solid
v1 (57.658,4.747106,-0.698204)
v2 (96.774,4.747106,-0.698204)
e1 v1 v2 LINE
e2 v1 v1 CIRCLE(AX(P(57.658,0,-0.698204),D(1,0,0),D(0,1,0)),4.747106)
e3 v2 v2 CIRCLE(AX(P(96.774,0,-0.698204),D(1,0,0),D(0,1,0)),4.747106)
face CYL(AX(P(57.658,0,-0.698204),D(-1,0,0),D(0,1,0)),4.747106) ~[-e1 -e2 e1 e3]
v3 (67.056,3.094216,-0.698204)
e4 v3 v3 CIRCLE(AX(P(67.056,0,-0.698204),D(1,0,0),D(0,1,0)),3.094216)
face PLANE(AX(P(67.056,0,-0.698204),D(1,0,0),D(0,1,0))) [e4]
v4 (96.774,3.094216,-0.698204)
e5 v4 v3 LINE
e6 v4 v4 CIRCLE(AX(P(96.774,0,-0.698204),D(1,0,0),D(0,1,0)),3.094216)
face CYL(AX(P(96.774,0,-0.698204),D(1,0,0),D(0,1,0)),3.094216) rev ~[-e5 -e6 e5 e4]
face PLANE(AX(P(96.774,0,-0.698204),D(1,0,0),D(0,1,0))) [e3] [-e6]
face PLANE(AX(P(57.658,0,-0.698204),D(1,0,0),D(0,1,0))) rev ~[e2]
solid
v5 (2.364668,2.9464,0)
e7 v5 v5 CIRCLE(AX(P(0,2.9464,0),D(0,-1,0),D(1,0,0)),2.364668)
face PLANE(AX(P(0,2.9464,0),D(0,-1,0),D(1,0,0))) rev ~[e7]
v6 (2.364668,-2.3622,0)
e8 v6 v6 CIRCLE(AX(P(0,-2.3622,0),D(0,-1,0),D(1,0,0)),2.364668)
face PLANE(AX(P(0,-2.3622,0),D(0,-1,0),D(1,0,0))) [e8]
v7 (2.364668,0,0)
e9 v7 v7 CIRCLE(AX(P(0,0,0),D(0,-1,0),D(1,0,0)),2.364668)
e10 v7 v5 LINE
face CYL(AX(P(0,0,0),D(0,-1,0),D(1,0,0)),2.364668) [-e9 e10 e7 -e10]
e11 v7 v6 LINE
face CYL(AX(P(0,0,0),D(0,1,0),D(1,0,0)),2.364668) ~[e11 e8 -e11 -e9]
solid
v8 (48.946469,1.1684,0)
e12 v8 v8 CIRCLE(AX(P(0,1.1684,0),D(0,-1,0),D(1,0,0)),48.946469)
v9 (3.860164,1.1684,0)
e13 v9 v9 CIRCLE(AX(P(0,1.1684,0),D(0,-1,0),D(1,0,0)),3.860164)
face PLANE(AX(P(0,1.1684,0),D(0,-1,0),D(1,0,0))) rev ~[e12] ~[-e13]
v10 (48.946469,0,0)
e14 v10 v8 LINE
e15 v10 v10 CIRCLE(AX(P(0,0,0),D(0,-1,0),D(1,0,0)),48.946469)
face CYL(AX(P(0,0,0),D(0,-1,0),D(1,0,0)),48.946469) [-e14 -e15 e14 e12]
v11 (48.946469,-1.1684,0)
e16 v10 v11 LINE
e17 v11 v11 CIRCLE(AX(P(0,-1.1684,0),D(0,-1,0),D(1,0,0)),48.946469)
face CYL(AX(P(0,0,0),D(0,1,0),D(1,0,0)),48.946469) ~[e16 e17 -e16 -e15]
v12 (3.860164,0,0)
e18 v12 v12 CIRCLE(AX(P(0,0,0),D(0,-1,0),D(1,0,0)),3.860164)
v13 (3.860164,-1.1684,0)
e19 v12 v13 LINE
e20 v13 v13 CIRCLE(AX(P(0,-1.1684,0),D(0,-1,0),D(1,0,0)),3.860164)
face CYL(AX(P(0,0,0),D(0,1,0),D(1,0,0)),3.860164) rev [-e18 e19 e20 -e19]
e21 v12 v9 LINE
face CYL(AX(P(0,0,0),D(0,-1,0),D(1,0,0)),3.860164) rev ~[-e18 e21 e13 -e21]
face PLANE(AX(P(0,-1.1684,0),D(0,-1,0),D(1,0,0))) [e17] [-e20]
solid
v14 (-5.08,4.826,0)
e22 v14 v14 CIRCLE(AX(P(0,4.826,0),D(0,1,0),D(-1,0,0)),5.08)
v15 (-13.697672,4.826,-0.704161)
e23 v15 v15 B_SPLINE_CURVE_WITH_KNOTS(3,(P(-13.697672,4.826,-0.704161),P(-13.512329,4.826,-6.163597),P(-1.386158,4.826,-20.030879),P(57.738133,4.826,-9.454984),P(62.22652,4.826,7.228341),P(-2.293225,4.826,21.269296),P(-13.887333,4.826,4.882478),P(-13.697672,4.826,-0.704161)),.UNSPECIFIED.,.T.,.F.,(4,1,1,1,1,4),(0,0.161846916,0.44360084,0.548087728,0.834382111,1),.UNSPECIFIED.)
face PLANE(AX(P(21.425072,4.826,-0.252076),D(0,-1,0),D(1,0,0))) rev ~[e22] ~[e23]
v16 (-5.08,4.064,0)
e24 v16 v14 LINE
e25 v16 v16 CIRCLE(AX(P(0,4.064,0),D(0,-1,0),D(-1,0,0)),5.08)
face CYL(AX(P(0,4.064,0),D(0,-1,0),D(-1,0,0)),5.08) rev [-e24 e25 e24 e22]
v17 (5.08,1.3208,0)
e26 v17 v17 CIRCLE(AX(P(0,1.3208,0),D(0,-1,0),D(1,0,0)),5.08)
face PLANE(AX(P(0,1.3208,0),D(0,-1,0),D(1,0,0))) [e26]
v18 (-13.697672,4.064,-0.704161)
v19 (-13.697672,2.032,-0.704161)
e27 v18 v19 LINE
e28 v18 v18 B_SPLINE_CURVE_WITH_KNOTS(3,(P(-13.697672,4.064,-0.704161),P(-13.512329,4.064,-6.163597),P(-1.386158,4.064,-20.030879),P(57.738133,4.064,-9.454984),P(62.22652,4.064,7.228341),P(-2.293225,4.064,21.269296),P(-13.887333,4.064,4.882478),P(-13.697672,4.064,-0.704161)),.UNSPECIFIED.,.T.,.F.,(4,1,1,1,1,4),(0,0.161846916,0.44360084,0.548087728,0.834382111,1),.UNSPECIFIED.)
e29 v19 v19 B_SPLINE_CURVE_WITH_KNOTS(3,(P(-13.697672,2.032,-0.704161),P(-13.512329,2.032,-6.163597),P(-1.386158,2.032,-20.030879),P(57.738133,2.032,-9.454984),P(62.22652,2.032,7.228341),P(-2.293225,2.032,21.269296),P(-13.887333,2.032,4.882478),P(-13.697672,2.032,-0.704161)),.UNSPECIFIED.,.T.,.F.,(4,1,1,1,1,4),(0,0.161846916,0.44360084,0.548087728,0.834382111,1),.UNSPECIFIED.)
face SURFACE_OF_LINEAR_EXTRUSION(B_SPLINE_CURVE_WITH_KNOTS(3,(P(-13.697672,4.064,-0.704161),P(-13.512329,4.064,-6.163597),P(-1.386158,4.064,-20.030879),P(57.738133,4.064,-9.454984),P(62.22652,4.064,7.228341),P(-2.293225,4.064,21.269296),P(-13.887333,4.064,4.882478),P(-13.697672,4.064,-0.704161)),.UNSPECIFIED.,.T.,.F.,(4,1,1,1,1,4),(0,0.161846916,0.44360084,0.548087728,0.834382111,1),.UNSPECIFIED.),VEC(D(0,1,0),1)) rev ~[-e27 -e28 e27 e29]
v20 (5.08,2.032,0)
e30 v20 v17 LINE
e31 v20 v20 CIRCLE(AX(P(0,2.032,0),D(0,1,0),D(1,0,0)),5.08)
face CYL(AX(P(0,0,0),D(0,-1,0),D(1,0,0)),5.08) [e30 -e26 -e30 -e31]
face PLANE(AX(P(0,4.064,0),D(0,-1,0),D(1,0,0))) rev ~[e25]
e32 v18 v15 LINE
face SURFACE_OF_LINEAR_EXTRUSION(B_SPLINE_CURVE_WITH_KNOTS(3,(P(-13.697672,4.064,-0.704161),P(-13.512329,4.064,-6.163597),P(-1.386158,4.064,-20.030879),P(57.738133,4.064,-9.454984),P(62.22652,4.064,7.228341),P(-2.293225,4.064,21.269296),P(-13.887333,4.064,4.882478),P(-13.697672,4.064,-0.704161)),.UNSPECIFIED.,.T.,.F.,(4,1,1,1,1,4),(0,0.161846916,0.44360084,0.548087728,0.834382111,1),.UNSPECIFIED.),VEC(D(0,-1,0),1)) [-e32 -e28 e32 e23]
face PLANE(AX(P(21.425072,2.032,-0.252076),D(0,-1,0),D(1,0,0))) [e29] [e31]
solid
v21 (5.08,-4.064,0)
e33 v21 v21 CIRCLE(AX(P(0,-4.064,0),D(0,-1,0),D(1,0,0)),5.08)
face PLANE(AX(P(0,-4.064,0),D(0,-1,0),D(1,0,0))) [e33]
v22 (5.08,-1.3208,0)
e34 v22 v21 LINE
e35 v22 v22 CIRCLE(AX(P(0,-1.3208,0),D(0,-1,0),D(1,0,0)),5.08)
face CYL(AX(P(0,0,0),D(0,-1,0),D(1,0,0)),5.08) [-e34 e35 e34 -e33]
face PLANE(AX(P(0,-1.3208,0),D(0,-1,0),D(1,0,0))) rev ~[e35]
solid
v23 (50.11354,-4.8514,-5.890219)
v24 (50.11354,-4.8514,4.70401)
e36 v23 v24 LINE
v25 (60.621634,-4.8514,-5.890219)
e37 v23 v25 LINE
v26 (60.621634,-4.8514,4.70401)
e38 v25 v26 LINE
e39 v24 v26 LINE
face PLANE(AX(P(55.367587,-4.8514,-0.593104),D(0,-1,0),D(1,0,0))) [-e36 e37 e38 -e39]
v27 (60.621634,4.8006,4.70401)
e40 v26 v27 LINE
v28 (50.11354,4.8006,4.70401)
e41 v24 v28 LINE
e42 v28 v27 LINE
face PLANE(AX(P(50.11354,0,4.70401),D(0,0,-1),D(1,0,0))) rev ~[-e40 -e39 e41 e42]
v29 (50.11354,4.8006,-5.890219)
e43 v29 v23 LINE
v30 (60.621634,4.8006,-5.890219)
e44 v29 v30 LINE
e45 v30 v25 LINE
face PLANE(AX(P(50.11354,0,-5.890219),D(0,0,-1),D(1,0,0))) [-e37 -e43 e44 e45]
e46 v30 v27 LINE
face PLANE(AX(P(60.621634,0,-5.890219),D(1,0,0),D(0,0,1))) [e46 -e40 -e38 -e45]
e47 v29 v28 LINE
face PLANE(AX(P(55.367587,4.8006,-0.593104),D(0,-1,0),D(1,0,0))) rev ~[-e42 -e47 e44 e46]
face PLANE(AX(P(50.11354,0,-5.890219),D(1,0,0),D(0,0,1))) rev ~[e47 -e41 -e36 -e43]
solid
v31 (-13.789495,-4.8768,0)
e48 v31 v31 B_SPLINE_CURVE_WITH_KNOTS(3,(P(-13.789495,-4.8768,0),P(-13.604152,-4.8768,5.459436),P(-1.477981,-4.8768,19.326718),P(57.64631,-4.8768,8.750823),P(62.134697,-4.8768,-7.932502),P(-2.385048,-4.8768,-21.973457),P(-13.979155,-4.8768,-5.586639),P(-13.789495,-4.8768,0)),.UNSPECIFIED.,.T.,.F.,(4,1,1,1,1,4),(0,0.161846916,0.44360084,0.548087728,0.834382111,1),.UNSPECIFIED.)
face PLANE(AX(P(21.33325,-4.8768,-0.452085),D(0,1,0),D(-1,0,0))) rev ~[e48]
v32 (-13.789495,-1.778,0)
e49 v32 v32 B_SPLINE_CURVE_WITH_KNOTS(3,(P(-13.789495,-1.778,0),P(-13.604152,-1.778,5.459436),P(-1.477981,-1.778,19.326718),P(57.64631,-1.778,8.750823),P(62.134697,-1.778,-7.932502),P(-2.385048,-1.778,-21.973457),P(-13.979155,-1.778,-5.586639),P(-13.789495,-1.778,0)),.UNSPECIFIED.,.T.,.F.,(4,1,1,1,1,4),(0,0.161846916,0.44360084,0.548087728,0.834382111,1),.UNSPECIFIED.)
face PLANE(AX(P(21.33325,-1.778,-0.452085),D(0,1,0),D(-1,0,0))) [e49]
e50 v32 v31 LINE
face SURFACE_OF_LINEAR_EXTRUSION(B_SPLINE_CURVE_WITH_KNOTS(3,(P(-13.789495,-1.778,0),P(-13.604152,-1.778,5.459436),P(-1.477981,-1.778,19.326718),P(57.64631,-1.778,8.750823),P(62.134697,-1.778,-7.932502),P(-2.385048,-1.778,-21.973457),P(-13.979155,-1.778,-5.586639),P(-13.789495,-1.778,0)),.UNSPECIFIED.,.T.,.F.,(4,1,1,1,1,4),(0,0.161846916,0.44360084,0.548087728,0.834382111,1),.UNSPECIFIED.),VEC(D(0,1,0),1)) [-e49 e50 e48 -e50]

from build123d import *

# Parameters (mm, degrees)
F0_R           = 5.08
F1_DEPTH       = 4.064
F1_DEPTH_BACK  = 4.064
F2_R           = 5.8752352212
F3_DEPTH       = 1.3208
F3_DEPTH_BACK  = 1.3208
F4_R           = 2.3646683211
F5_DEPTH       = 2.9464
F5_DEPTH_BACK  = 2.3622
F6_R           = 48.9464690829
F6_R_2         = 3.860163888
F7_DEPTH       = 1.1684
F7_DEPTH_BACK  = 1.1684
F9_START       = 1.778
F9_DEPTH       = 3.0988
F10_R          = 5.08
F11_DEPTH      = 0.762
F11_DEPTH_BACK = 2.032
F12_W          = 10.5080939829
F12_H          = 10.5942287482
F13_DEPTH      = 4.8514
F13_DEPTH_BACK = 4.8006
F15_START      = 57.658
F14_R          = 4.7471061373
F15_DEPTH      = 39.116
F16_R          = 3.0942155248
F17_DEPTH      = 25.4
F17_DEPTH_BACK = 29.718


with BuildPart() as f1:
    # F0 (on Front) → F1 (new body, two sides)
    with BuildSketch(Plane.XZ) as f1_sk:
        Circle(F0_R)
    extrude(amount=F1_DEPTH)
    extrude(f1_sk.sketch, amount=-F1_DEPTH_BACK)

    # F2 (on Front) → F3 (cut, two sides)
    with BuildSketch(Plane.XZ) as f3_sk:
        Circle(F2_R)
    extrude(amount=-F3_DEPTH, mode=Mode.SUBTRACT)
    extrude(f3_sk.sketch, amount=F3_DEPTH_BACK, mode=Mode.SUBTRACT)

    # F10 (on face) → F11 (join, two sides)
    with BuildSketch(Plane(origin=(0, 4.064, 0), x_dir=(-1, 0, 0), z_dir=(0, 1, 0))) as f11_sk:
        with BuildLine():
            add(Edge.make_bspline(
                [(13.697671704, -0.704160897), (13.5123292982, -6.1635970694), (1.3861584042, -20.0308785518), (-57.7381328093, -9.4549841426), (-62.2265200764, 7.2283414082), (2.29322497, 21.2692963323), (13.8873325189, 4.8824781076), (13.697671704, -0.704160897)],
                knots=[0, 0, 0, 0, 0.1618469158, 0.4436008404, 0.5480877279, 0.8343821113, 1, 1, 1, 1], degree=3))
        make_face()
        Circle(F10_R, mode=Mode.SUBTRACT)
    extrude(amount=F11_DEPTH)
    extrude(f11_sk.sketch, amount=-F11_DEPTH_BACK)


with BuildPart() as f5:
    # F4 (on Front) → F5 (new body, two sides)
    with BuildSketch(Plane.XZ) as f5_sk:
        Circle(F4_R)
    extrude(amount=-F5_DEPTH)
    extrude(f5_sk.sketch, amount=F5_DEPTH_BACK)


with BuildPart() as f7:
    # F6 (on Front) → F7 (new body, two sides)
    with BuildSketch(Plane.XZ) as f7_sk:
        Circle(F6_R)
        Circle(F6_R_2, mode=Mode.SUBTRACT)
    extrude(amount=-F7_DEPTH)
    extrude(f7_sk.sketch, amount=F7_DEPTH_BACK)


with BuildPart() as f9:
    # F8 (on Front) → F9 (new body)
    with BuildSketch(Plane.XZ.offset(F9_START)):
        with BuildLine():
            add(Edge.make_bspline(
                [(-13.7894945219, 0), (-13.6041521161, 5.4594361724), (-1.4779812221, 19.3267176548), (57.6463099913, 8.7508232457), (62.1346972584, -7.9325023052), (-2.3850477879, -21.9734572293), (-13.9791553368, -5.5866390045), (-13.7894945219, 0)],
                knots=[0, 0, 0, 0, 0.1618469158, 0.4436008404, 0.5480877279, 0.8343821113, 1, 1, 1, 1], degree=3))
        make_face()
    extrude(amount=F9_DEPTH)


with BuildPart() as f13:
    # F12 (on Front) → F13 (new body, two sides)
    with BuildSketch(Plane.XZ) as f13_sk:
        with Locations((55.3675871342, -0.5931041669)):
            Rectangle(F12_W, F12_H)
    extrude(amount=F13_DEPTH)
    extrude(f13_sk.sketch, amount=-F13_DEPTH_BACK)


with BuildPart() as f15:
    # F14 (on Right) → F15 (new body)
    with BuildSketch(Plane.YZ.offset(F15_START)):
        with Locations((0, -0.6982042105)):
            Circle(F14_R)
    extrude(amount=F15_DEPTH)

    # F16 (on face) → F17 (cut, two sides)
    with BuildSketch(Plane.YZ.offset(96.774)) as f17_sk:
        with Locations((0, -0.6982042105)):
            Circle(F16_R)
    extrude(amount=F17_DEPTH, mode=Mode.SUBTRACT)
    extrude(f17_sk.sketch, amount=-F17_DEPTH_BACK, mode=Mode.SUBTRACT)


solid = Compound([f1.part, f5.part, f7.part, f9.part, f13.part, f15.part])
